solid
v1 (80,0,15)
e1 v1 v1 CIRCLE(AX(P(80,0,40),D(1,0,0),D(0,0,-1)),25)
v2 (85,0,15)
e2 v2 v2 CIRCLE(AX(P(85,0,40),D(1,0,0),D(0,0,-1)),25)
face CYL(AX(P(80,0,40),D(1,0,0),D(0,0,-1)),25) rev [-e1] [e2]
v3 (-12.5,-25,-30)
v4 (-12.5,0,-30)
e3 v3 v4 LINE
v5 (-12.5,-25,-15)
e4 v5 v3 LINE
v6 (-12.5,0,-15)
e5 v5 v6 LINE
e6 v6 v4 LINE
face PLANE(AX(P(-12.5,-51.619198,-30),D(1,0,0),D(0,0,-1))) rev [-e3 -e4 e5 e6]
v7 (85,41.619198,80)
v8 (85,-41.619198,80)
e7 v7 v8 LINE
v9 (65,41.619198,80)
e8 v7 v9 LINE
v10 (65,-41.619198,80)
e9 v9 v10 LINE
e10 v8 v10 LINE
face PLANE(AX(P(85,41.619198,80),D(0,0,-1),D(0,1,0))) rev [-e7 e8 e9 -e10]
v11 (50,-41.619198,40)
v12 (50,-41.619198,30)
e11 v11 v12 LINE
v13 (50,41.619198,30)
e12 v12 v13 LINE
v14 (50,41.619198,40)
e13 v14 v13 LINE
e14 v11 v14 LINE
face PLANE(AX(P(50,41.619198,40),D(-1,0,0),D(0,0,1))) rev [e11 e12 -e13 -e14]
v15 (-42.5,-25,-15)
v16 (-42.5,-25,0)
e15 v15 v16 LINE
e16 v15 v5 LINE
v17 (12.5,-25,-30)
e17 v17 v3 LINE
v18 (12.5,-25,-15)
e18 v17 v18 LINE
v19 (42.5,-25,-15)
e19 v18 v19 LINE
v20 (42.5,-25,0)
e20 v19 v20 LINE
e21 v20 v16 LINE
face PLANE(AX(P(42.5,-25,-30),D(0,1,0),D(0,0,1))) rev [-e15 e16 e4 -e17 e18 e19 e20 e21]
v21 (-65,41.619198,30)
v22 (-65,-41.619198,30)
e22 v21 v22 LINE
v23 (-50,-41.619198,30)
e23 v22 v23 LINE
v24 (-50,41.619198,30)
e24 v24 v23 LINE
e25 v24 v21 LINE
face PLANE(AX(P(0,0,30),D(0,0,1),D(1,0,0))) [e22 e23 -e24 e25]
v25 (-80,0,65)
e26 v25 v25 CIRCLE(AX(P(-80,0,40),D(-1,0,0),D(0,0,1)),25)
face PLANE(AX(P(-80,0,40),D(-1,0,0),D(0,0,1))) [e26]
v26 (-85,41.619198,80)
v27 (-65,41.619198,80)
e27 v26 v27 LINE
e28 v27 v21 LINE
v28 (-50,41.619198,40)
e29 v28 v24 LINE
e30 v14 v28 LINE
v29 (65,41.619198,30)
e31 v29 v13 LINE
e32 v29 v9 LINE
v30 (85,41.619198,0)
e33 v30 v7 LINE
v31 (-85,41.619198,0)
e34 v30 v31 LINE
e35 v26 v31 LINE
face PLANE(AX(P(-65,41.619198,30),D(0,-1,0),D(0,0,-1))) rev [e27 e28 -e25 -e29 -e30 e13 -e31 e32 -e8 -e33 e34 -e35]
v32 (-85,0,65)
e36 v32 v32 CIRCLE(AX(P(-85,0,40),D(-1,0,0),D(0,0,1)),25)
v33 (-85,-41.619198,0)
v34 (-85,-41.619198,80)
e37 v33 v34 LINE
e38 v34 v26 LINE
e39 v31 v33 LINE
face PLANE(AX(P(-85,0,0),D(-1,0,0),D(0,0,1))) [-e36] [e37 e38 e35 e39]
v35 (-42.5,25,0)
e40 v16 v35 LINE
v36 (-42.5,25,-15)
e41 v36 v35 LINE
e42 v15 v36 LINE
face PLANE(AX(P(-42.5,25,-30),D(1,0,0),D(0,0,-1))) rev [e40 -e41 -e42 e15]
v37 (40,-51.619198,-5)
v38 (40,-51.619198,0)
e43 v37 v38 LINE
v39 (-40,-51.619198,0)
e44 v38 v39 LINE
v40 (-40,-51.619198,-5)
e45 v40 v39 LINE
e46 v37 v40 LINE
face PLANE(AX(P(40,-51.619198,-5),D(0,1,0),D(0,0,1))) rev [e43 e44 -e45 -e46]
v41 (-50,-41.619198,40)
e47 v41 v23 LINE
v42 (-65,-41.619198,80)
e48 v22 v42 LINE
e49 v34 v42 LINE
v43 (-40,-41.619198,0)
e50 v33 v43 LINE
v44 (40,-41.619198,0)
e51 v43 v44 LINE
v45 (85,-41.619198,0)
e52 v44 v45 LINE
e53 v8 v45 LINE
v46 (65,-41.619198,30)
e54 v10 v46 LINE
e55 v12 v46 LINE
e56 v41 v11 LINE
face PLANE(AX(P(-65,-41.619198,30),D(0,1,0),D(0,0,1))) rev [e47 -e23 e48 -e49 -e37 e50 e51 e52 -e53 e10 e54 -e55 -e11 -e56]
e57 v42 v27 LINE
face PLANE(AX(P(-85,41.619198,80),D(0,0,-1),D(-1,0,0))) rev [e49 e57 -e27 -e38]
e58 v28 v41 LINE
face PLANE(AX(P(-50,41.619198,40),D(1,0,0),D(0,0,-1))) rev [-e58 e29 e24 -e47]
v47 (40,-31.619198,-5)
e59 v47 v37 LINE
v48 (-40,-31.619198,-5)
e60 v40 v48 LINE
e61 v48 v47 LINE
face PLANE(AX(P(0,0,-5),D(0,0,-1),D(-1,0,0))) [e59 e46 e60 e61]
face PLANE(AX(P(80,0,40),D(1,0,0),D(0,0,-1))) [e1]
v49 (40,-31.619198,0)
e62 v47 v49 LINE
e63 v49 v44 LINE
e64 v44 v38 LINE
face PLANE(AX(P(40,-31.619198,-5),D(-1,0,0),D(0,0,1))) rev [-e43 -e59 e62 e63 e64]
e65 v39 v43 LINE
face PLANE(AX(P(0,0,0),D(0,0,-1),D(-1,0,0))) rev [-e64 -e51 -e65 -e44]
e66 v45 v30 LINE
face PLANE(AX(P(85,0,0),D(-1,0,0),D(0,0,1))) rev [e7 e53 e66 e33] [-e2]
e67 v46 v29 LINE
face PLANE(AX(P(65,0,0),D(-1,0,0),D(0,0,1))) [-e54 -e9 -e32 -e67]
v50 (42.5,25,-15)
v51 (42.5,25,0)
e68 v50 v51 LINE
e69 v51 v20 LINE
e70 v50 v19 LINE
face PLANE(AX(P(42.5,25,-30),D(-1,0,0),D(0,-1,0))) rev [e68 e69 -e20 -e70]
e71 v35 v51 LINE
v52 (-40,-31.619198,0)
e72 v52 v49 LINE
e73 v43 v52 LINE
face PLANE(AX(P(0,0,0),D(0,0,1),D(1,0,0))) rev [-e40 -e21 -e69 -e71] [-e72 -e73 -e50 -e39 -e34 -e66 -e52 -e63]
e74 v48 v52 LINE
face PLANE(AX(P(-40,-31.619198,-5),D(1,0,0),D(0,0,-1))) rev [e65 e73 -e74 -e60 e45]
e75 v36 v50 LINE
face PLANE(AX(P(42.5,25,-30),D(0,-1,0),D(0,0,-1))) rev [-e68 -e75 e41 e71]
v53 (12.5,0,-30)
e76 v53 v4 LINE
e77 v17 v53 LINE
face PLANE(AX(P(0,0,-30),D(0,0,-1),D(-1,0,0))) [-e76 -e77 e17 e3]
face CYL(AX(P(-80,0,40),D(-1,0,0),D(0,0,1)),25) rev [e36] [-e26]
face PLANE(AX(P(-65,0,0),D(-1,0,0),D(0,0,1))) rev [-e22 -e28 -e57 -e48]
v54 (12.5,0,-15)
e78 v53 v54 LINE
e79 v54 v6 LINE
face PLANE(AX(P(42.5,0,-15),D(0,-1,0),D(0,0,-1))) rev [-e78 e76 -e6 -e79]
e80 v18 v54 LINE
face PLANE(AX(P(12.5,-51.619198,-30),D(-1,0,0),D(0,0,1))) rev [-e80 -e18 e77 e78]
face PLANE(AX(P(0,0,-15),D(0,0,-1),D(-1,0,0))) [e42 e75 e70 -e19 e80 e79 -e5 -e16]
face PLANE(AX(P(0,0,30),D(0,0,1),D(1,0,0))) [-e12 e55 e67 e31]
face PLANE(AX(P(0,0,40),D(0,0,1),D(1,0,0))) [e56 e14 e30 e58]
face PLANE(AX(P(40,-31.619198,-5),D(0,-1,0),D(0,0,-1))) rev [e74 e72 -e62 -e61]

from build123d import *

# Parameters (mm, degrees)
SKETCH1_W           = 130
SKETCH1_H           = 83.238396624
BOSS_EXTRUDE1_DEPTH = 30
SKETCH2_W           = 100
SKETCH2_H           = 83.238396624
BOSS_EXTRUDE2_DEPTH = 10
SKETCH3_W           = 80
SKETCH3_H           = 83.238396624
BOSS_EXTRUDE3_DEPTH = 20
SKETCH4_R           = 25
CUT_EXTRUDE1_DEPTH  = 5
SKETCH5_W           = 80
SKETCH5_H           = 83.238396624
BOSS_EXTRUDE4_DEPTH = 20
CUT_EXTRUDE2_START  = -5
SKETCH6_R           = 25
CUT_EXTRUDE2_DEPTH  = 5
SKETCH7_W           = 80
SKETCH7_H           = 20
BOSS_EXTRUDE5_DEPTH = 5
SKETCH8_W           = 85
SKETCH8_H           = 50
BOSS_EXTRUDE6_DEPTH = 30
SKETCH9_W           = 85
SKETCH9_H           = 25
CUT_EXTRUDE3_DEPTH  = 15
SKETCH10_W          = 30
SKETCH10_H          = 15
CUT_EXTRUDE4_DEPTH  = 128.630488655


with BuildPart() as part:
    # Sketch1 → Boss-Extrude1 (new body)
    with BuildSketch(Plane.XY):
        Rectangle(SKETCH1_W, SKETCH1_H)
    extrude(amount=BOSS_EXTRUDE1_DEPTH)

    # Sketch2 → Boss-Extrude2 (add)
    with BuildSketch(Plane.XY.offset(30)):
        Rectangle(SKETCH2_W, SKETCH2_H)
    extrude(amount=BOSS_EXTRUDE2_DEPTH)

    # Sketch3 → Boss-Extrude3 (add)
    with BuildSketch(Plane.ZY.offset(65)):
        with Locations((40, 0)):
            Rectangle(SKETCH3_W, SKETCH3_H)
    extrude(amount=BOSS_EXTRUDE3_DEPTH)

    # Sketch4 → Cut-Extrude1 (cut)
    with BuildSketch(Plane.ZY.offset(85)):
        with Locations((40, 0)):
            Circle(SKETCH4_R)
    extrude(amount=-CUT_EXTRUDE1_DEPTH, mode=Mode.SUBTRACT)

    # Sketch5 → Boss-Extrude4 (add)
    with BuildSketch(Plane(origin=(65, 0, 0), x_dir=(0, 0, -1), z_dir=(1, 0, 0))):
        with Locations((-40, 0)):
            Rectangle(SKETCH5_W, SKETCH5_H)
    extrude(amount=BOSS_EXTRUDE4_DEPTH)

    # Sketch6 → Cut-Extrude2 (cut)
    with BuildSketch(Plane(origin=(85, 0, 0), x_dir=(0, 0, -1), z_dir=(1, 0, 0)).offset(CUT_EXTRUDE2_START)):
        with Locations(Location((-40, 0, 0), (0, 0, 180))):
            Circle(SKETCH6_R)
    extrude(amount=CUT_EXTRUDE2_DEPTH, mode=Mode.SUBTRACT)

    # Sketch7 → Boss-Extrude5 (add)
    with BuildSketch(Plane(origin=(0, 0, 0), x_dir=(-1, 0, 0), z_dir=(0, 0, -1))):
        with Locations((0, -41.619198312)):
            Rectangle(SKETCH7_W, SKETCH7_H)
    extrude(amount=BOSS_EXTRUDE5_DEPTH)

    # Sketch8 → Boss-Extrude6 (add)
    with BuildSketch(Plane(origin=(0, 0, 0), x_dir=(-1, 0, 0), z_dir=(0, 0, -1))):
        Rectangle(SKETCH8_W, SKETCH8_H)
    extrude(amount=BOSS_EXTRUDE6_DEPTH)

    # Sketch9 → Cut-Extrude3 (cut)
    with BuildSketch(Plane(origin=(0, 0, -30), x_dir=(-1, 0, 0), z_dir=(0, 0, -1))):
        with Locations((0, 12.5)):
            Rectangle(SKETCH9_W, SKETCH9_H)
    extrude(amount=-CUT_EXTRUDE3_DEPTH, mode=Mode.SUBTRACT)

    # Sketch10 → Cut-Extrude4 (cut, through all)
    with BuildSketch(Plane(origin=(0, 0, 0), x_dir=(1, 0, 0), z_dir=(0, 1, 0))):
        with Locations((-27.5, 22.5)):
            Rectangle(SKETCH10_W, SKETCH10_H)
        with Locations((27.5, 22.5)):
            Rectangle(SKETCH10_W, SKETCH10_H)
    extrude(amount=-CUT_EXTRUDE4_DEPTH, mode=Mode.SUBTRACT)


solid = part.part
